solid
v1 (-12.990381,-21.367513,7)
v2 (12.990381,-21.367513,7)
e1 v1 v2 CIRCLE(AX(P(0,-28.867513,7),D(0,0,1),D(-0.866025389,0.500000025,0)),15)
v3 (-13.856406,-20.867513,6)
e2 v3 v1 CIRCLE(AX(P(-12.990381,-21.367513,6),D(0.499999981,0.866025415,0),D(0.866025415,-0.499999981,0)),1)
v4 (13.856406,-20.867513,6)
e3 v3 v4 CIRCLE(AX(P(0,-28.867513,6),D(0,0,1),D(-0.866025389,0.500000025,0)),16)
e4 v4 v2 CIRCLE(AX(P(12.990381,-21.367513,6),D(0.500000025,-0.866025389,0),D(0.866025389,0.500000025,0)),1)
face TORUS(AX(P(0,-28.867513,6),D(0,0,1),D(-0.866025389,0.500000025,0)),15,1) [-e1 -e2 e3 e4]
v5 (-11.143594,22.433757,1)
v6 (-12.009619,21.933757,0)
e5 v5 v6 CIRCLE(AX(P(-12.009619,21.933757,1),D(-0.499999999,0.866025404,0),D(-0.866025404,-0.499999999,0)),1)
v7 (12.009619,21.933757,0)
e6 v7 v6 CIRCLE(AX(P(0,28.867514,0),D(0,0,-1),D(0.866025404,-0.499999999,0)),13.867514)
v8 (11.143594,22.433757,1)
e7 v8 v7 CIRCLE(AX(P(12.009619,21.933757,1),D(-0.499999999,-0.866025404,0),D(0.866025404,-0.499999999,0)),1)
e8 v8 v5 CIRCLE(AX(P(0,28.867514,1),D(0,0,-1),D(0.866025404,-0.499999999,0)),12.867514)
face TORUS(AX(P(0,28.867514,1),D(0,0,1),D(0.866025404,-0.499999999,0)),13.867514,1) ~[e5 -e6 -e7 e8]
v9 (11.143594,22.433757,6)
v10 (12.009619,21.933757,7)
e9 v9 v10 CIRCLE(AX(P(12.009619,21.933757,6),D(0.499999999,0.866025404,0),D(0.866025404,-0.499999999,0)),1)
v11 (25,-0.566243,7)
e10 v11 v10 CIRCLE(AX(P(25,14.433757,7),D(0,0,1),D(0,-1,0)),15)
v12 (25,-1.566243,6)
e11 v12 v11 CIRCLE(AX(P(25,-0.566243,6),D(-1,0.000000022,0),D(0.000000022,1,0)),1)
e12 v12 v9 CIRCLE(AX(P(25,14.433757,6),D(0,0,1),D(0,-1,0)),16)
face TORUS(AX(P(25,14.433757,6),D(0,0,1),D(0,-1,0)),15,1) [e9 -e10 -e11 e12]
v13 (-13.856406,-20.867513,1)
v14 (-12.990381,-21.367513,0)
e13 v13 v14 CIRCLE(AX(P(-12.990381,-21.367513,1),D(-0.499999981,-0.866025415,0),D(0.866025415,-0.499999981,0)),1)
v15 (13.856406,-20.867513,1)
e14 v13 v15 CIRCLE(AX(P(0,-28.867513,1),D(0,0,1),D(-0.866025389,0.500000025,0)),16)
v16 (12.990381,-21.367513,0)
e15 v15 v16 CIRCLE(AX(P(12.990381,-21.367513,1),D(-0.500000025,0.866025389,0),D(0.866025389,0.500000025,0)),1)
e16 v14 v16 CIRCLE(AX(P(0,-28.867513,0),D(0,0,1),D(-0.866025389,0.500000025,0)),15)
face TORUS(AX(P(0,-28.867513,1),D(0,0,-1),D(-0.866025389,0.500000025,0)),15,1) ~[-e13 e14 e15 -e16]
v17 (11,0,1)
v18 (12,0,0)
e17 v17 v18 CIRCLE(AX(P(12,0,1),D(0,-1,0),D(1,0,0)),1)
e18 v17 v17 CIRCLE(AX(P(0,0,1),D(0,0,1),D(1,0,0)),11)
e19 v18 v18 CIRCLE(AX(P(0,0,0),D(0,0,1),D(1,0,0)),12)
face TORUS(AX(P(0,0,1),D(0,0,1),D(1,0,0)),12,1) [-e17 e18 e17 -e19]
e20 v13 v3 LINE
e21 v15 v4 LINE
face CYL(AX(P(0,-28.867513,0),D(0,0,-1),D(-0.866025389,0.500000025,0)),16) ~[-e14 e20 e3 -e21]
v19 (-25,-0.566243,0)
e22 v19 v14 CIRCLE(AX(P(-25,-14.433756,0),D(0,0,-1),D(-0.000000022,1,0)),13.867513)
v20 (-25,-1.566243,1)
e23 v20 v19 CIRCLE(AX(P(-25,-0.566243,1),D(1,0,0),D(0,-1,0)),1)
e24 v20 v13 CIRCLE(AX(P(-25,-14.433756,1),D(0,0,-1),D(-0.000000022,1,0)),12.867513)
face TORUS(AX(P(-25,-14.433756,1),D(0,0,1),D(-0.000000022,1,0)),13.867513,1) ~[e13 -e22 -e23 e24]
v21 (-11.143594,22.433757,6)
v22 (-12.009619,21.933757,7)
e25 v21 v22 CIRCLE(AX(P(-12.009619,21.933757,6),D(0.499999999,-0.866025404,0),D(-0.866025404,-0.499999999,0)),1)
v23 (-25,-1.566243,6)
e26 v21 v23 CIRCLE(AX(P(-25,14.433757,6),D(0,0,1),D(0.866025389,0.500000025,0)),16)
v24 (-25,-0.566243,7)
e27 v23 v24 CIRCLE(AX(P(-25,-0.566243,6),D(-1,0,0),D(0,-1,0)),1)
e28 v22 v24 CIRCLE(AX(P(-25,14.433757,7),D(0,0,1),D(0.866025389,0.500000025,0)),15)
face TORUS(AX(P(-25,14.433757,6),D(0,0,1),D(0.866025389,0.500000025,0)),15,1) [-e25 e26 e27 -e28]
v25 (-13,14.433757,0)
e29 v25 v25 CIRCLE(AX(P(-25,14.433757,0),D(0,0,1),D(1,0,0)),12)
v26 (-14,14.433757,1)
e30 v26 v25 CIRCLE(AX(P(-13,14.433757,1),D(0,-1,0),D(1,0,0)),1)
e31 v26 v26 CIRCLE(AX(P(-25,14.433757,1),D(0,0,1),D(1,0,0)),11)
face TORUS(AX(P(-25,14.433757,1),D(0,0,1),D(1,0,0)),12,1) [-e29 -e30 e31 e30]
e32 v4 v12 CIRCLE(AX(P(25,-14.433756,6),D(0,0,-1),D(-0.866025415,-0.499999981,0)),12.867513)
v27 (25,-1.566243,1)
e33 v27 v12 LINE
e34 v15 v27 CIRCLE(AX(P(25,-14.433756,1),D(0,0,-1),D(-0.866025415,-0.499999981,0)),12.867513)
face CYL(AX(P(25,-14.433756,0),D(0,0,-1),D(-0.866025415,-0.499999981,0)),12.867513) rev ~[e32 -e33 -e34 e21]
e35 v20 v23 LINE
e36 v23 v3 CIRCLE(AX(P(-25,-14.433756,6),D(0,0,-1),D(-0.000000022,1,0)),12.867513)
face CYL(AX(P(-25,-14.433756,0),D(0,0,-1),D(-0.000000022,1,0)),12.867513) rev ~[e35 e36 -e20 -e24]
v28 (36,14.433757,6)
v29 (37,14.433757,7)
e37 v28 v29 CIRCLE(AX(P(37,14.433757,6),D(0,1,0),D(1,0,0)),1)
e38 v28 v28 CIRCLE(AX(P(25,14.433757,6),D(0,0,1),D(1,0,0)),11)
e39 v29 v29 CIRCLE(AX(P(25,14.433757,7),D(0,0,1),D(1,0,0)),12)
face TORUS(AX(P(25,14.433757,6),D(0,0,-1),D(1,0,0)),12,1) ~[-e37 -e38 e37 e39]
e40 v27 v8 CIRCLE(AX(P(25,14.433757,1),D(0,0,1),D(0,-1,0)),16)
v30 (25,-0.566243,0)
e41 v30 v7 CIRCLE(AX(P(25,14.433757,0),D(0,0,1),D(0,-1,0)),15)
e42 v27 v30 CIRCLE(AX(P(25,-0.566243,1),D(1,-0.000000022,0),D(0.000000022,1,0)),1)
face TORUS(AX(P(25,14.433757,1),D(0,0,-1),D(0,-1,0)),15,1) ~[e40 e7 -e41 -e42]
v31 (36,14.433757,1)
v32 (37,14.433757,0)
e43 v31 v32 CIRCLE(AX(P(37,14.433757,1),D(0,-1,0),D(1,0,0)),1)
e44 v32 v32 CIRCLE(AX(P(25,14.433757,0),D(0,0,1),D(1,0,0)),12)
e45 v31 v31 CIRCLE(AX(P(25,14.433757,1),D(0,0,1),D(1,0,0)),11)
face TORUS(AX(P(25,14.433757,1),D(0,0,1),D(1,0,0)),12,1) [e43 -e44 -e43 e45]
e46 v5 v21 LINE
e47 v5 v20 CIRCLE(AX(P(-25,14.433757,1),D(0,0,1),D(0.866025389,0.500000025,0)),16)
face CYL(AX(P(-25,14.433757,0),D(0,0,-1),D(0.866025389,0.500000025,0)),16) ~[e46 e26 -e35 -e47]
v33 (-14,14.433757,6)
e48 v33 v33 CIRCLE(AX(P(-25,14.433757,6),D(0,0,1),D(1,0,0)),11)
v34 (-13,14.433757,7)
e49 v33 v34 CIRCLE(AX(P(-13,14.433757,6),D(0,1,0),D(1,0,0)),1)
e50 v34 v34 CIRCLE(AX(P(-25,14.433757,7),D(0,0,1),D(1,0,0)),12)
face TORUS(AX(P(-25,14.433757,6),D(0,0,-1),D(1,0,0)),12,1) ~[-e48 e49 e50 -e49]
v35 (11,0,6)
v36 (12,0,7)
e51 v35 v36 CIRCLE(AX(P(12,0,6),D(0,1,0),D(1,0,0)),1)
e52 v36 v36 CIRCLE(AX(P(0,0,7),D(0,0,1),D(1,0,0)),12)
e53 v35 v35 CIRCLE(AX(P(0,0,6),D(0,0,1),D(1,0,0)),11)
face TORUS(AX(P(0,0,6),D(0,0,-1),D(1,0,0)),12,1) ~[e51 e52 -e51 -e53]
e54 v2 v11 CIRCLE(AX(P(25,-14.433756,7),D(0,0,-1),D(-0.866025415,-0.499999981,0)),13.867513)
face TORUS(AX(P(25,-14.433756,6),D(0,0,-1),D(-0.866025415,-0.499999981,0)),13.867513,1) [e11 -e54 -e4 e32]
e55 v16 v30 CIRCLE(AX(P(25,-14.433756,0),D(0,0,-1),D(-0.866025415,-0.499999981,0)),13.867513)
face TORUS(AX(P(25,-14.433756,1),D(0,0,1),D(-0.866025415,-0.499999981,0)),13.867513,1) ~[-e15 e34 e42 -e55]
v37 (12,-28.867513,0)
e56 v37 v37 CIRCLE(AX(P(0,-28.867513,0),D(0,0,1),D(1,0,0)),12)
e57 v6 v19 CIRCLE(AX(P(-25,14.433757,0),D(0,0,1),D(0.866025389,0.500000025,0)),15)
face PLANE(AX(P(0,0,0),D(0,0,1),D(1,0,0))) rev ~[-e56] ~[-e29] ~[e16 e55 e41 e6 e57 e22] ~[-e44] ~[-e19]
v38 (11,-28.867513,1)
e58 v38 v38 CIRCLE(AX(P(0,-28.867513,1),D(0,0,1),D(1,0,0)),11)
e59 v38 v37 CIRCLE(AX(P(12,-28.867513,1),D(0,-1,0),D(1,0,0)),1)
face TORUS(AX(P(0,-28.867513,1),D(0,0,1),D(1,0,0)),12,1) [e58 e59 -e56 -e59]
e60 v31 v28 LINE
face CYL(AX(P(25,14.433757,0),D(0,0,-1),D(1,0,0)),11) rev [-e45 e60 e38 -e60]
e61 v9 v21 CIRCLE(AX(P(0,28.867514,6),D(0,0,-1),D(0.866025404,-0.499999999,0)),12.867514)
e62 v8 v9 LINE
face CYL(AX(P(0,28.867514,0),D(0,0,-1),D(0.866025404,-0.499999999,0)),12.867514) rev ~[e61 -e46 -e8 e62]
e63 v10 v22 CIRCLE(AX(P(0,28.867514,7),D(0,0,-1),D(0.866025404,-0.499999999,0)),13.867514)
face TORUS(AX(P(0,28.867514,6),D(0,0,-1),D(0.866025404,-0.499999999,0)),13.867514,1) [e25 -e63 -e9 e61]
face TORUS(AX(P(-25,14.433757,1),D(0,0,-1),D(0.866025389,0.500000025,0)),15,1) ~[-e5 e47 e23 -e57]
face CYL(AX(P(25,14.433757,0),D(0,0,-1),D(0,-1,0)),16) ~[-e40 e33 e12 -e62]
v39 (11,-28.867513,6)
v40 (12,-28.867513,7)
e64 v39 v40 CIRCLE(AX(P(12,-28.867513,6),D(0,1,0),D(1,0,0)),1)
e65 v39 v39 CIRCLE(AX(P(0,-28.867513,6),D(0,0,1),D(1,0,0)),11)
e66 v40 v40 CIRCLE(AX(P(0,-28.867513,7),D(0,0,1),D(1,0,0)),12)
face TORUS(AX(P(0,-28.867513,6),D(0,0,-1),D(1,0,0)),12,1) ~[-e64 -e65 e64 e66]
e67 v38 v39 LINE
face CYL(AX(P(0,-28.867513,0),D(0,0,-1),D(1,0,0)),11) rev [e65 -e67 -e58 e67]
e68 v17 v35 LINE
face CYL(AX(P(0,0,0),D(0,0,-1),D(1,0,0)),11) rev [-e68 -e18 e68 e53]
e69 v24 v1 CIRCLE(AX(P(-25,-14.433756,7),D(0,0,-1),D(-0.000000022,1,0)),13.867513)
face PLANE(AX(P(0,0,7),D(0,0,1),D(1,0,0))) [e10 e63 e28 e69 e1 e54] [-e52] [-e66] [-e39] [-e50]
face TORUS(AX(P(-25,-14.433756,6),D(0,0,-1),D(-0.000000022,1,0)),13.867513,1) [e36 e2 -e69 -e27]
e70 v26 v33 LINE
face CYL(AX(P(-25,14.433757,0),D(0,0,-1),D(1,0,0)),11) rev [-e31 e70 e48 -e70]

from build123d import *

# Parameters (mm, degrees)
F0_R     = 11
F1_DEPTH = 7
F2_R     = 1


with BuildPart() as f1:
    # F0 (on Top) → F1 (new body)
    with BuildSketch(Plane.XY):
        with BuildLine():
            ThreePointArc((11.143594, 22.433757), (0, 16), (-11.143594, 22.433757))
            ThreePointArc((-11.143594, 22.433757), (-38.856406, 22.433757), (-25, -1.566243))
            ThreePointArc((-25, -1.566243), (-13.856406, -8), (-13.856406, -20.867513))
            ThreePointArc((-13.856406, -20.867513), (0, -44.867513), (13.856406, -20.867513))
            ThreePointArc((13.856406, -20.867513), (13.856406, -8), (25, -1.566243))
            ThreePointArc((25, -1.566243), (38.856406, 22.433757), (11.143594, 22.433757))
        make_face()
        with Locations((0, -28.867513)):
            Circle(F0_R, mode=Mode.SUBTRACT)
        with Locations((-25, 14.433757)):
            Circle(F0_R, mode=Mode.SUBTRACT)
        Circle(F0_R, mode=Mode.SUBTRACT)
        with Locations((25, 14.433757)):
            Circle(F0_R, mode=Mode.SUBTRACT)
    extrude(amount=F1_DEPTH)

    # F2
    f2_edges = [f1.edges().sort_by_distance(p)[0] for p in [
        (0, 16, 7),
        (-38.856406, 22.433757, 7),
        (-13.856406, -8, 7),
        (0, -44.867513, 7),
        (13.856406, -8, 7),
        (38.856406, 22.433757, 7),
        (-11, -28.867513, 7),
        (-36, 14.433757, 7),
        (-11, 0, 7),
        (14, 14.433757, 7),
        (0, 16, 0),
        (-38.856406, 22.433757, 0),
        (-13.856406, -8, 0),
        (0, -44.867513, 0),
        (13.856406, -8, 0),
        (38.856406, 22.433757, 0),
        (-11, -28.867513, 0),
        (-36, 14.433757, 0),
        (-11, 0, 0),
        (14, 14.433757, 0),
    ]]
    fillet(f2_edges, radius=F2_R)


solid = f1.part
